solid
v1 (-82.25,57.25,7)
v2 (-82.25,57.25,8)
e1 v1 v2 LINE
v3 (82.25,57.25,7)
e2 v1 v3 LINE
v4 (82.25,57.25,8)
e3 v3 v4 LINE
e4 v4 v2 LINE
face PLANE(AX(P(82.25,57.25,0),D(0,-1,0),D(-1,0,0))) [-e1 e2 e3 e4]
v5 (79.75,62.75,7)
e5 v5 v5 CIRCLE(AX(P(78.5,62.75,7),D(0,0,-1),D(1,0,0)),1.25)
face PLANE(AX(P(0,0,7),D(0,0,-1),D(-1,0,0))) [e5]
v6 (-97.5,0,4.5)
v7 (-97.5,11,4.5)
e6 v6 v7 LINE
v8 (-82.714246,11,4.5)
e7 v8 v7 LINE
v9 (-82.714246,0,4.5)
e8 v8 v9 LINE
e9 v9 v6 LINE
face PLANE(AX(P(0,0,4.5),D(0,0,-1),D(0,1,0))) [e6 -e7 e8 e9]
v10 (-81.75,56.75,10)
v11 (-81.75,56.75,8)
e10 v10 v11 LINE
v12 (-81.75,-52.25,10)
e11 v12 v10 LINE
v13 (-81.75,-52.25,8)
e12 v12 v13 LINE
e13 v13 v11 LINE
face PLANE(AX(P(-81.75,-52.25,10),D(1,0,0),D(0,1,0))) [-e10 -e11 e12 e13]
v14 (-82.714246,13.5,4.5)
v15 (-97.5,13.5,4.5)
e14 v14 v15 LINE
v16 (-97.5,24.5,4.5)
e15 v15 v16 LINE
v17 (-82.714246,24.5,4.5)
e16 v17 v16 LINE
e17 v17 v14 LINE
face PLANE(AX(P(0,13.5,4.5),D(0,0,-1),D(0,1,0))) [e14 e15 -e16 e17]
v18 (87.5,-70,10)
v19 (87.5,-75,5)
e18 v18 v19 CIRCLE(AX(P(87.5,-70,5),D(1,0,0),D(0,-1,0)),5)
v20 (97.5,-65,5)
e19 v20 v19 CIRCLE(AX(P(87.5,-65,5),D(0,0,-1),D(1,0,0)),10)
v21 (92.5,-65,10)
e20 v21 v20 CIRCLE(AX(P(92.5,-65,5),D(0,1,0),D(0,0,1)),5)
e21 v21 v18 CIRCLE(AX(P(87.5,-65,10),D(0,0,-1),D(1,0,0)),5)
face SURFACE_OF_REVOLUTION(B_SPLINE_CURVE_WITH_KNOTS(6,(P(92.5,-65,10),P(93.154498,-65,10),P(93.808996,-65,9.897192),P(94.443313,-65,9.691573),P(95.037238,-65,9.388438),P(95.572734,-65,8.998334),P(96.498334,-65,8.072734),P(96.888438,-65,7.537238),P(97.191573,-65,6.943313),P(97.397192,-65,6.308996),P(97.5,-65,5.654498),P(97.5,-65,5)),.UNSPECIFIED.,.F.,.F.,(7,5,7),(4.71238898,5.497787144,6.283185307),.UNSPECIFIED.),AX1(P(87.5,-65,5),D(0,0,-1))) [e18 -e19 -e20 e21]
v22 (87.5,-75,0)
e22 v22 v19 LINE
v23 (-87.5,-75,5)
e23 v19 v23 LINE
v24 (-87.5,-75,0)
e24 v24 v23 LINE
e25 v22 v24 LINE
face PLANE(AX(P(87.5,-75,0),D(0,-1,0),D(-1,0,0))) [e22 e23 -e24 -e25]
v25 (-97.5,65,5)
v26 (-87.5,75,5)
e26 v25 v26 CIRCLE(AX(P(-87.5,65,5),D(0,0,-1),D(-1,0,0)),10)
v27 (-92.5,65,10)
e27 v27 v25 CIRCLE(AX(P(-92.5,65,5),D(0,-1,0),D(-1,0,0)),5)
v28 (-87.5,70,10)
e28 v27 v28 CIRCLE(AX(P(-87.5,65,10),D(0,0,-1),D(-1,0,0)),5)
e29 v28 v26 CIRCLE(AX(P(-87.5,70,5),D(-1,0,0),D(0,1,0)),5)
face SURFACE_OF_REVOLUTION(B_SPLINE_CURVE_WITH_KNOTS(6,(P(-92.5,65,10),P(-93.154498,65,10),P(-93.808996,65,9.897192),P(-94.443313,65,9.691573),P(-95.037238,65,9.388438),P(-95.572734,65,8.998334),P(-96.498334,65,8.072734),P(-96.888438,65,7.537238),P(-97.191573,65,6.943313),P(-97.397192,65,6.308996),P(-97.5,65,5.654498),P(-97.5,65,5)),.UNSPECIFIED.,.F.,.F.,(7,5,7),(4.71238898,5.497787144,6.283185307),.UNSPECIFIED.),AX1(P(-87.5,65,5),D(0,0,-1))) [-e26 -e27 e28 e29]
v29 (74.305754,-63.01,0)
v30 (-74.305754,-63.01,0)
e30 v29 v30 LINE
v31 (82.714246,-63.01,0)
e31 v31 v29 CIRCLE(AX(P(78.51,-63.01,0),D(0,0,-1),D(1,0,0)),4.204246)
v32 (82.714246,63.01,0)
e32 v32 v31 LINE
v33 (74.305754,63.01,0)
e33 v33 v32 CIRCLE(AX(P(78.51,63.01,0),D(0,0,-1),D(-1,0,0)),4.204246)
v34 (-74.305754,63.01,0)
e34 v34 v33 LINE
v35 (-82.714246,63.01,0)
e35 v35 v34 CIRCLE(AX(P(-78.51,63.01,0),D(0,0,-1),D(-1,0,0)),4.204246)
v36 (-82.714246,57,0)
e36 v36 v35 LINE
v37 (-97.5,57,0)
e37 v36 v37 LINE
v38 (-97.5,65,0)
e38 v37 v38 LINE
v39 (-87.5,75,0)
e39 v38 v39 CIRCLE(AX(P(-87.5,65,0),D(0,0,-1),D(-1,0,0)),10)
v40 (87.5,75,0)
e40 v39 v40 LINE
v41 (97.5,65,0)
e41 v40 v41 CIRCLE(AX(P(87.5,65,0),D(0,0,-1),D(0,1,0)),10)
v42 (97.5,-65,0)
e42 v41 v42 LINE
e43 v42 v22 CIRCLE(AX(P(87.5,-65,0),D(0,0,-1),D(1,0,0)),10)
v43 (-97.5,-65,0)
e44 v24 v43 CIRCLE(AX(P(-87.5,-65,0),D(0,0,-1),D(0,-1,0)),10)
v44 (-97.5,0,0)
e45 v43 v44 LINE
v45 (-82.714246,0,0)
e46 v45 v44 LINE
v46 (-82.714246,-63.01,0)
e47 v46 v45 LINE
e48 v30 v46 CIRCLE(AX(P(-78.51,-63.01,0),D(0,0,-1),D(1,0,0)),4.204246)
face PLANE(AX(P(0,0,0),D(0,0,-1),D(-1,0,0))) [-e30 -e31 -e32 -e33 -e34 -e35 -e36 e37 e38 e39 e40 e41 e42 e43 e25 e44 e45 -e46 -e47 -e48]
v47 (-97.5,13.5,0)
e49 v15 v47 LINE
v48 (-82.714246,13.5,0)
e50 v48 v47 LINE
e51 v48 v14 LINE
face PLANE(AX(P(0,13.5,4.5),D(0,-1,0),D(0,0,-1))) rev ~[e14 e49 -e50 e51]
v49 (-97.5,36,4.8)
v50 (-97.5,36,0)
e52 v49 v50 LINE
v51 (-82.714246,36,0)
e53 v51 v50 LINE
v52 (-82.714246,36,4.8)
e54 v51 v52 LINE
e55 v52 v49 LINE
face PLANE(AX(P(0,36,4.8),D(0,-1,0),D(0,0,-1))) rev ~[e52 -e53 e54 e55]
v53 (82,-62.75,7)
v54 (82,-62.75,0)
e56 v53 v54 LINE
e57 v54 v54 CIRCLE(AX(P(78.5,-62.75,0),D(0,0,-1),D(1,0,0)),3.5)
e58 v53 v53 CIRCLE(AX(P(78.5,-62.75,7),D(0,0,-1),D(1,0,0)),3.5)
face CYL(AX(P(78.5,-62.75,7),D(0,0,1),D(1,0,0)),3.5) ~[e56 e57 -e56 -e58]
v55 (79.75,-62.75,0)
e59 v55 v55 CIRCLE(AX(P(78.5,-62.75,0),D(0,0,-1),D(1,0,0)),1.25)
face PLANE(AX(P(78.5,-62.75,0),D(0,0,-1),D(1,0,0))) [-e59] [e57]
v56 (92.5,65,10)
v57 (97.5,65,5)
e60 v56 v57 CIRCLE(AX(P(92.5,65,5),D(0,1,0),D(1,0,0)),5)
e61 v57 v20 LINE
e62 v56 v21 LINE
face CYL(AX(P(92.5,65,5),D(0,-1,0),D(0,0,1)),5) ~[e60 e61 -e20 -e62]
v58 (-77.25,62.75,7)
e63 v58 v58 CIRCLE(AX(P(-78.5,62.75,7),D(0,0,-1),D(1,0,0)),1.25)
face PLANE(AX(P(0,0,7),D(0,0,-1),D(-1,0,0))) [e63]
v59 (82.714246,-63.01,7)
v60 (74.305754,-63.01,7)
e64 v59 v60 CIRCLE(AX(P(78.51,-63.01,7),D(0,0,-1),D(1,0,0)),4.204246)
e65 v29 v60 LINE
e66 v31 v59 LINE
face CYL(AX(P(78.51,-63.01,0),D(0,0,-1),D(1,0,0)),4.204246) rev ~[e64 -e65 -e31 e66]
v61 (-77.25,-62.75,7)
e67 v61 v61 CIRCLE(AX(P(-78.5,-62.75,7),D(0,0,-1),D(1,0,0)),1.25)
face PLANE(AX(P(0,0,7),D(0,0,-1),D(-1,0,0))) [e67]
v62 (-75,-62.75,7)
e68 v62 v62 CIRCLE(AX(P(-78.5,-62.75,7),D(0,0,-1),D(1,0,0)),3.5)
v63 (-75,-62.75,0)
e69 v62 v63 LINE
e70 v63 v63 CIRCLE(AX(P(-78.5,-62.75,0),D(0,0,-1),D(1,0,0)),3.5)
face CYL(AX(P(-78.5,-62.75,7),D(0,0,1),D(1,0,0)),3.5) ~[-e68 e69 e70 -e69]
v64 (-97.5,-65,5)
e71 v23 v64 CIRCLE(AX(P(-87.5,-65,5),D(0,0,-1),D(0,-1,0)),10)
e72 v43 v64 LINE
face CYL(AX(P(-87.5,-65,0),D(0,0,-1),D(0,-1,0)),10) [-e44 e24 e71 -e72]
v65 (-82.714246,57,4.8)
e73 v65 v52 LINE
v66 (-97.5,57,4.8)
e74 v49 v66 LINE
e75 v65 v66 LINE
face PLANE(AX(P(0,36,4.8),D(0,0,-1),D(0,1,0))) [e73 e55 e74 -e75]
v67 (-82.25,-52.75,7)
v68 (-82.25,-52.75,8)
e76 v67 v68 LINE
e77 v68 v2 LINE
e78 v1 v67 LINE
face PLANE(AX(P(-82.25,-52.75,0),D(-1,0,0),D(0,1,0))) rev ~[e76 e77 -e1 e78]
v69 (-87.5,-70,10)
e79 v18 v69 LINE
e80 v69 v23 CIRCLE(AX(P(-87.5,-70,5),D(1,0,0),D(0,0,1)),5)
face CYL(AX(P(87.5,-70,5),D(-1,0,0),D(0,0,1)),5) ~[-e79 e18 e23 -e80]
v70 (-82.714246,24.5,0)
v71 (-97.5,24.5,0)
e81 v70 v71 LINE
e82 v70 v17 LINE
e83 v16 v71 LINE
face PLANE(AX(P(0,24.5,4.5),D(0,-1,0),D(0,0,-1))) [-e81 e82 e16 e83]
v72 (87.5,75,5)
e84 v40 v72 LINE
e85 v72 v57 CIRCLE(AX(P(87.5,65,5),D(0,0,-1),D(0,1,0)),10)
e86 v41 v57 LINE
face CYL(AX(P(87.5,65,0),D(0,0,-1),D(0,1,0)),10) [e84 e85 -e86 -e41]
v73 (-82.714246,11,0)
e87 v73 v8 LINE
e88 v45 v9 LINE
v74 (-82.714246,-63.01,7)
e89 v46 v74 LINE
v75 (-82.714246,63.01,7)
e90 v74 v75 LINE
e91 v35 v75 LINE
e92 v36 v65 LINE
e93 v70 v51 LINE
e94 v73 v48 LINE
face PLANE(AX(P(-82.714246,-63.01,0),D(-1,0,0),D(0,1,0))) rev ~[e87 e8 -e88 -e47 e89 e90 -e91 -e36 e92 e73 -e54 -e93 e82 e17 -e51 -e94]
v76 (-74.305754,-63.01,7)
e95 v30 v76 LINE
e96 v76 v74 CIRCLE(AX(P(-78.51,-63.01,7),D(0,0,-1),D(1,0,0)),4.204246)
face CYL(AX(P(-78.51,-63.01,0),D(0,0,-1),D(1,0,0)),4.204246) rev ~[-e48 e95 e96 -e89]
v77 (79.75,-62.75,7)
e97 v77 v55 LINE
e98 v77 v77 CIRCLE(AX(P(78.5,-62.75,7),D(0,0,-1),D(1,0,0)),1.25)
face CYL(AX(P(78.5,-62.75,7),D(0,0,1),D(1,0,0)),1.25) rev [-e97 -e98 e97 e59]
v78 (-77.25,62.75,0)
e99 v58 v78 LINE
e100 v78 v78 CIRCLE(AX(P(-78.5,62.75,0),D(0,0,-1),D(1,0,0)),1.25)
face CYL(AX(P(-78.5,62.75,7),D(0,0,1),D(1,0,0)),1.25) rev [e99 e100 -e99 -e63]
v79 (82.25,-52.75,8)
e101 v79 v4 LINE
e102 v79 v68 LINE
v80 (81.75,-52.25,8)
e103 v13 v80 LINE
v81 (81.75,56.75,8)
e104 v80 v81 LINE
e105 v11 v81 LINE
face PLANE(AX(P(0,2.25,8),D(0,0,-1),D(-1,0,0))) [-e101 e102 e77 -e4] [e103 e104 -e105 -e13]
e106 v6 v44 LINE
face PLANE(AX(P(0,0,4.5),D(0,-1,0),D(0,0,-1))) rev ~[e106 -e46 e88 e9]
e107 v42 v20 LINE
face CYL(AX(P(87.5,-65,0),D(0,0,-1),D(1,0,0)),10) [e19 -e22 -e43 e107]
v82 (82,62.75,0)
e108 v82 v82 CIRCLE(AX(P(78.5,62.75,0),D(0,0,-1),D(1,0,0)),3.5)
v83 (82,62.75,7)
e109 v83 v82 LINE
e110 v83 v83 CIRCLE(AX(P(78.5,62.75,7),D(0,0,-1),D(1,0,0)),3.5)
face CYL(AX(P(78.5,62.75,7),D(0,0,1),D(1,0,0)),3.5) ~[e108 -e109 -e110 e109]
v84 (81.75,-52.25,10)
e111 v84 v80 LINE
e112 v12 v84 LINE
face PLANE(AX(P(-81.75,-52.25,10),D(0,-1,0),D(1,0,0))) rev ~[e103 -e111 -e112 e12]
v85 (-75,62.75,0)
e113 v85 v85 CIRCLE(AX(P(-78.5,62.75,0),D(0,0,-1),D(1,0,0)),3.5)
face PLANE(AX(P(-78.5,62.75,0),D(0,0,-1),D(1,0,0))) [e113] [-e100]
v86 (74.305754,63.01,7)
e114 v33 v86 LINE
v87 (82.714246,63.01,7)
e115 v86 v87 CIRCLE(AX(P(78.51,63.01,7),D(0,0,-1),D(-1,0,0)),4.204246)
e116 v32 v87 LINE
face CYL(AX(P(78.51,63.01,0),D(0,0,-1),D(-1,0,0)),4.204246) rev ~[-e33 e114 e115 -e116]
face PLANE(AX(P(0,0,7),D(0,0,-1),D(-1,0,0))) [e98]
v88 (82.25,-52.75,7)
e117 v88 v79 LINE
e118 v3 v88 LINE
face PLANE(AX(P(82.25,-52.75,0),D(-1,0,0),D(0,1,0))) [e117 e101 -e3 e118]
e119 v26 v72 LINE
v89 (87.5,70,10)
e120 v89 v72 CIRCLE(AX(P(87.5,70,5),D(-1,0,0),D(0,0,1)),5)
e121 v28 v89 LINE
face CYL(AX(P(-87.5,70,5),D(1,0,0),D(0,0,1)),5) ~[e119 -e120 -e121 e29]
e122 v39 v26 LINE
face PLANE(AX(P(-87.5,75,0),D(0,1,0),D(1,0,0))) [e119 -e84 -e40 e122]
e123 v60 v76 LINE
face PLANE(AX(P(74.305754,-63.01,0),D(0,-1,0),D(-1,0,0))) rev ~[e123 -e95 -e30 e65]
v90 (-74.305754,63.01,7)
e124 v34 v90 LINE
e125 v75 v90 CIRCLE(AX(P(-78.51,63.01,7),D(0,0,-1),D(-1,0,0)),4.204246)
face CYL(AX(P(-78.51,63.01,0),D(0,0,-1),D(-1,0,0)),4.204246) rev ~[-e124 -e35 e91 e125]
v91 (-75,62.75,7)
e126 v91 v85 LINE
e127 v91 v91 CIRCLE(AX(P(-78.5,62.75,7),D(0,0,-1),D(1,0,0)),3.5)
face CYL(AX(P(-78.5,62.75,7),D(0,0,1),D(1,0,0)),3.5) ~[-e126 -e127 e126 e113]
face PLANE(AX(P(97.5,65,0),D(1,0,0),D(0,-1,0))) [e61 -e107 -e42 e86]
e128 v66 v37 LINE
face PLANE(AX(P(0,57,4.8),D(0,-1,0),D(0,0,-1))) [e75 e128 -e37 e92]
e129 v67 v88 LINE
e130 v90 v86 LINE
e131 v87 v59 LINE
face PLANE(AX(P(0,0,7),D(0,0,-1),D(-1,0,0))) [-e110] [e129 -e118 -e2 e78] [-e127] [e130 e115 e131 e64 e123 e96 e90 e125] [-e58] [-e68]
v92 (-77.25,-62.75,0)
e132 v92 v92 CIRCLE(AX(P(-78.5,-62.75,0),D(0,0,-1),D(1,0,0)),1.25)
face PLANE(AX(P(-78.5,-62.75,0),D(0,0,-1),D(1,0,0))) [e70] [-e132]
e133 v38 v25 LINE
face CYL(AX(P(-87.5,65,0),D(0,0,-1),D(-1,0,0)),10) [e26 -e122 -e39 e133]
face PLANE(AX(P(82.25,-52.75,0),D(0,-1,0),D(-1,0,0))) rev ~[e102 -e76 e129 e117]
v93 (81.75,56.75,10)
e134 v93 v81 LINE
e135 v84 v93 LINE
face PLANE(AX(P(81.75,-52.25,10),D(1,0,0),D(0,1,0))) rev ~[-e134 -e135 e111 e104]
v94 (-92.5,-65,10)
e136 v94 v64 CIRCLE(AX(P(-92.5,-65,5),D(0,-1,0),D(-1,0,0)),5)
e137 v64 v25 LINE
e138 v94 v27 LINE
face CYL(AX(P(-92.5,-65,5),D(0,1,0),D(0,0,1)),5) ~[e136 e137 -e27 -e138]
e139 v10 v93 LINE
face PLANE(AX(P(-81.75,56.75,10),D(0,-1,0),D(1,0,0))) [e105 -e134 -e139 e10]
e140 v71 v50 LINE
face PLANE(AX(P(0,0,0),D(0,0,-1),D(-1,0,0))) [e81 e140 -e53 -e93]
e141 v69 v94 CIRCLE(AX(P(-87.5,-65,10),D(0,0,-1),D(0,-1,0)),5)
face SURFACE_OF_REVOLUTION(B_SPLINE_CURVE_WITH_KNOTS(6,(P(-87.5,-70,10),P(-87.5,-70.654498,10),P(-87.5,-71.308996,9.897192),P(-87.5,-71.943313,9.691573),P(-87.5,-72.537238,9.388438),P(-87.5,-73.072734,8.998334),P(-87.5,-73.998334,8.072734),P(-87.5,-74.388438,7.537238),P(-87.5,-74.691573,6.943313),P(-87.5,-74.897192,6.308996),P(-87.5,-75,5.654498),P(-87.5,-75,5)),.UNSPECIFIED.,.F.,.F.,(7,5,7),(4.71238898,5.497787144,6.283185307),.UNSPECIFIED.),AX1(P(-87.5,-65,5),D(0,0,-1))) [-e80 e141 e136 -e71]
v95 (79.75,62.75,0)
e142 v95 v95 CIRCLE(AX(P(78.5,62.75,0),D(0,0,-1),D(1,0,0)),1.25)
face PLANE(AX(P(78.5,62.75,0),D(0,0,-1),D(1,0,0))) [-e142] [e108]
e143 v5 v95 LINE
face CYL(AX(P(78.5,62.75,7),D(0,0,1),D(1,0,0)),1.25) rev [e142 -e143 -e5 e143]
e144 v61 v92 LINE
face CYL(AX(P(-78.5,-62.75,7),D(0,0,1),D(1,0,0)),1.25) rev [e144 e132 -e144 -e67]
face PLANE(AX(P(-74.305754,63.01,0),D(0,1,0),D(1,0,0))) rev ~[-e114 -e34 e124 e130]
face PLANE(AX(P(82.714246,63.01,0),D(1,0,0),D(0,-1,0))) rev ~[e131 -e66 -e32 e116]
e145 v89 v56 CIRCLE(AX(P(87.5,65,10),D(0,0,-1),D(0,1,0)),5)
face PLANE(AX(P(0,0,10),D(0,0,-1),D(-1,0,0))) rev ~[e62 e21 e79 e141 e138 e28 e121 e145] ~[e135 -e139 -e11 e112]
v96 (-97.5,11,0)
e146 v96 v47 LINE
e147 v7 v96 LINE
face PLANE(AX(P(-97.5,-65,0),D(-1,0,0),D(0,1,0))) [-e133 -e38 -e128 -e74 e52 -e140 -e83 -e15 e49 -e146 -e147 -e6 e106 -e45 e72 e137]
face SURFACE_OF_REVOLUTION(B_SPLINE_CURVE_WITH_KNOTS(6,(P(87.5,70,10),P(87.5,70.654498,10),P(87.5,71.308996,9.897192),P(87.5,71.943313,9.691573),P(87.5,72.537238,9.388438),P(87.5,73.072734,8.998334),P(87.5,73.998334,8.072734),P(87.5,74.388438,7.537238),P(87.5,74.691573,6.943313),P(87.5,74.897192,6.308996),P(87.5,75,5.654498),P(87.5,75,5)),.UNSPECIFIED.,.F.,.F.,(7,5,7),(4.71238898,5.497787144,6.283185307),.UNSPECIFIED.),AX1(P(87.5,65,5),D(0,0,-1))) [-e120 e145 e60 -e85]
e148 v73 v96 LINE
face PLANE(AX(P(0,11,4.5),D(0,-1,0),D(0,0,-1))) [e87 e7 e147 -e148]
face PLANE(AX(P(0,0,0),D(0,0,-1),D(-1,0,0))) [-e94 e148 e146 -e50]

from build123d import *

# Parameters (mm, degrees)
BOSS_EXTRU_1_DEPTH      = 10
ESQUISSE2_W             = 163.5
ESQUISSE2_H             = 109
ENL_V_MAT_EXTRU_1_DEPTH = 10
ESQUISSE3_W             = 164.5
ESQUISSE3_H             = 110
ENL_V_MAT_EXTRU_2_DEPTH = 8
ENL_V_MAT_EXTRU_3_DEPTH = 7
ESQUISSE5_R             = 3.5
ESQUISSE5_R_2           = 1.25
BOSS_EXTRU_2_DEPTH      = 7
CONG_1_R                = 5
ESQUISSE6_W             = 12.13
ESQUISSE6_H             = 21
ESQUISSE6_W_2           = 8
ESQUISSE6_H_2           = 11
ENL_V_MAT_EXTRU_4_DEPTH = 97.5


with BuildPart() as part:
    # Esquisse1 → Boss.-Extru.1 (new body)
    with BuildSketch(Plane.XY):
        with BuildLine():
            Line((87.5, -75), (-87.5, -75))
            ThreePointArc((-87.5, -75), (-94.571067812, -72.071067812), (-97.5, -65))
            Line((-97.5, -65), (-97.5, 65))
            ThreePointArc((-97.5, 65), (-94.571067812, 72.071067812), (-87.5, 75))
            Line((-87.5, 75), (87.5, 75))
            ThreePointArc((87.5, 75), (94.571067812, 72.071067812), (97.5, 65))
            Line((97.5, 65), (97.5, -65))
            ThreePointArc((97.5, -65), (94.571067812, -72.071067812), (87.5, -75))
        make_face()
    extrude(amount=BOSS_EXTRU_1_DEPTH)

    # Esquisse2 → Enlèv. mat.-Extru.1 (cut)
    with BuildSketch(Plane.XY.offset(10)):
        with Locations((0, 2.25)):
            Rectangle(ESQUISSE2_W, ESQUISSE2_H)
    extrude(amount=-ENL_V_MAT_EXTRU_1_DEPTH, mode=Mode.SUBTRACT)

    # Esquisse3 → Enlèv. mat.-Extru.2 (cut)
    with BuildSketch(Plane(origin=(0, 0, 0), x_dir=(-1, 0, 0), z_dir=(0, 0, -1))):
        with Locations((0, 2.25)):
            Rectangle(ESQUISSE3_W, ESQUISSE3_H)
    extrude(amount=-ENL_V_MAT_EXTRU_2_DEPTH, mode=Mode.SUBTRACT)

    # Esquisse4 → Enlèv. mat.-Extru.3 (cut)
    with BuildSketch(Plane(origin=(0, 0, 0), x_dir=(-1, 0, 0), z_dir=(0, 0, -1))):
        with BuildLine():
            Line((-74.305753882, -63.01), (74.305753882, -63.01))
            ThreePointArc((74.305753882, -63.01), (78.51, -67.214246118), (82.714246118, -63.01))
            Line((82.714246118, -63.01), (82.714246118, 63.01))
            ThreePointArc((82.714246118, 63.01), (78.51, 67.214246118), (74.305753882, 63.01))
            Line((74.305753882, 63.01), (-74.305753882, 63.01))
            ThreePointArc((-74.305753882, 63.01), (-78.51, 67.214246118), (-82.714246118, 63.01))
            Line((-82.714246118, 63.01), (-82.714246118, -63.01))
            ThreePointArc((-82.714246118, -63.01), (-78.51, -67.214246118), (-74.305753882, -63.01))
        make_face()
    extrude(amount=-ENL_V_MAT_EXTRU_3_DEPTH, mode=Mode.SUBTRACT)

    # Esquisse5 → Boss.-Extru.2 (add)
    # profile 1 of 4: a face of its own
    with BuildSketch(Plane(origin=(0, 0, 7), x_dir=(-1, 0, 0), z_dir=(0, 0, -1))):
        with Locations(Location((-78.5, -62.75, 0), (0, 0, 180))):
            Circle(ESQUISSE5_R)
        with Locations(Location((-78.5, -62.75, 0), (0, 0, 180))):
            Circle(ESQUISSE5_R_2, mode=Mode.SUBTRACT)
    # profile 2 of 4: a face of its own
    with BuildSketch(Plane(origin=(0, 0, 7), x_dir=(-1, 0, 0), z_dir=(0, 0, -1))):
        with Locations(Location((78.5, -62.75, 0), (0, 0, 180))):
            Circle(ESQUISSE5_R)
        with Locations(Location((78.5, -62.75, 0), (0, 0, 180))):
            Circle(ESQUISSE5_R_2, mode=Mode.SUBTRACT)
    # profile 3 of 4: a face of its own
    with BuildSketch(Plane(origin=(0, 0, 7), x_dir=(-1, 0, 0), z_dir=(0, 0, -1))):
        with Locations(Location((78.5, 62.75, 0), (0, 0, 180))):
            Circle(ESQUISSE5_R)
        with Locations(Location((78.5, 62.75, 0), (0, 0, 180))):
            Circle(ESQUISSE5_R_2, mode=Mode.SUBTRACT)
    # profile 4 of 4: a face of its own
    with BuildSketch(Plane(origin=(0, 0, 7), x_dir=(-1, 0, 0), z_dir=(0, 0, -1))):
        with Locations(Location((-78.5, 62.75, 0), (0, 0, 180))):
            Circle(ESQUISSE5_R)
        with Locations(Location((-78.5, 62.75, 0), (0, 0, 180))):
            Circle(ESQUISSE5_R_2, mode=Mode.SUBTRACT)
    extrude(amount=BOSS_EXTRU_2_DEPTH)

    # Congé1
    cong_1_edges = [part.edges().sort_by_distance(p)[0] for p in [
        (-94.571067812, 72.071067812, 10),
        (-97.5, 0, 10),
        (-94.571067812, -72.071067812, 10),
        (0, -75, 10),
        (94.571067812, -72.071067812, 10),
        (97.5, 0, 10),
        (94.571067812, 72.071067812, 10),
        (0, 75, 10),
    ]]
    fillet(cong_1_edges, radius=CONG_1_R)

    # Esquisse6 → Enlèv. mat.-Extru.4 (cut)
    with BuildSketch(Plane(origin=(0, 0, 0), x_dir=(0, 0, -1), z_dir=(1, 0, 0))):
        with Locations((1.265, 46.5)):
            Rectangle(ESQUISSE6_W, ESQUISSE6_H)
        with Locations((-0.5, 19)):
            Rectangle(ESQUISSE6_W_2, ESQUISSE6_H_2)
        with Locations((-0.5, 5.5)):
            Rectangle(ESQUISSE6_W_2, ESQUISSE6_H_2)
    extrude(amount=-ENL_V_MAT_EXTRU_4_DEPTH, mode=Mode.SUBTRACT)


solid = part.part
